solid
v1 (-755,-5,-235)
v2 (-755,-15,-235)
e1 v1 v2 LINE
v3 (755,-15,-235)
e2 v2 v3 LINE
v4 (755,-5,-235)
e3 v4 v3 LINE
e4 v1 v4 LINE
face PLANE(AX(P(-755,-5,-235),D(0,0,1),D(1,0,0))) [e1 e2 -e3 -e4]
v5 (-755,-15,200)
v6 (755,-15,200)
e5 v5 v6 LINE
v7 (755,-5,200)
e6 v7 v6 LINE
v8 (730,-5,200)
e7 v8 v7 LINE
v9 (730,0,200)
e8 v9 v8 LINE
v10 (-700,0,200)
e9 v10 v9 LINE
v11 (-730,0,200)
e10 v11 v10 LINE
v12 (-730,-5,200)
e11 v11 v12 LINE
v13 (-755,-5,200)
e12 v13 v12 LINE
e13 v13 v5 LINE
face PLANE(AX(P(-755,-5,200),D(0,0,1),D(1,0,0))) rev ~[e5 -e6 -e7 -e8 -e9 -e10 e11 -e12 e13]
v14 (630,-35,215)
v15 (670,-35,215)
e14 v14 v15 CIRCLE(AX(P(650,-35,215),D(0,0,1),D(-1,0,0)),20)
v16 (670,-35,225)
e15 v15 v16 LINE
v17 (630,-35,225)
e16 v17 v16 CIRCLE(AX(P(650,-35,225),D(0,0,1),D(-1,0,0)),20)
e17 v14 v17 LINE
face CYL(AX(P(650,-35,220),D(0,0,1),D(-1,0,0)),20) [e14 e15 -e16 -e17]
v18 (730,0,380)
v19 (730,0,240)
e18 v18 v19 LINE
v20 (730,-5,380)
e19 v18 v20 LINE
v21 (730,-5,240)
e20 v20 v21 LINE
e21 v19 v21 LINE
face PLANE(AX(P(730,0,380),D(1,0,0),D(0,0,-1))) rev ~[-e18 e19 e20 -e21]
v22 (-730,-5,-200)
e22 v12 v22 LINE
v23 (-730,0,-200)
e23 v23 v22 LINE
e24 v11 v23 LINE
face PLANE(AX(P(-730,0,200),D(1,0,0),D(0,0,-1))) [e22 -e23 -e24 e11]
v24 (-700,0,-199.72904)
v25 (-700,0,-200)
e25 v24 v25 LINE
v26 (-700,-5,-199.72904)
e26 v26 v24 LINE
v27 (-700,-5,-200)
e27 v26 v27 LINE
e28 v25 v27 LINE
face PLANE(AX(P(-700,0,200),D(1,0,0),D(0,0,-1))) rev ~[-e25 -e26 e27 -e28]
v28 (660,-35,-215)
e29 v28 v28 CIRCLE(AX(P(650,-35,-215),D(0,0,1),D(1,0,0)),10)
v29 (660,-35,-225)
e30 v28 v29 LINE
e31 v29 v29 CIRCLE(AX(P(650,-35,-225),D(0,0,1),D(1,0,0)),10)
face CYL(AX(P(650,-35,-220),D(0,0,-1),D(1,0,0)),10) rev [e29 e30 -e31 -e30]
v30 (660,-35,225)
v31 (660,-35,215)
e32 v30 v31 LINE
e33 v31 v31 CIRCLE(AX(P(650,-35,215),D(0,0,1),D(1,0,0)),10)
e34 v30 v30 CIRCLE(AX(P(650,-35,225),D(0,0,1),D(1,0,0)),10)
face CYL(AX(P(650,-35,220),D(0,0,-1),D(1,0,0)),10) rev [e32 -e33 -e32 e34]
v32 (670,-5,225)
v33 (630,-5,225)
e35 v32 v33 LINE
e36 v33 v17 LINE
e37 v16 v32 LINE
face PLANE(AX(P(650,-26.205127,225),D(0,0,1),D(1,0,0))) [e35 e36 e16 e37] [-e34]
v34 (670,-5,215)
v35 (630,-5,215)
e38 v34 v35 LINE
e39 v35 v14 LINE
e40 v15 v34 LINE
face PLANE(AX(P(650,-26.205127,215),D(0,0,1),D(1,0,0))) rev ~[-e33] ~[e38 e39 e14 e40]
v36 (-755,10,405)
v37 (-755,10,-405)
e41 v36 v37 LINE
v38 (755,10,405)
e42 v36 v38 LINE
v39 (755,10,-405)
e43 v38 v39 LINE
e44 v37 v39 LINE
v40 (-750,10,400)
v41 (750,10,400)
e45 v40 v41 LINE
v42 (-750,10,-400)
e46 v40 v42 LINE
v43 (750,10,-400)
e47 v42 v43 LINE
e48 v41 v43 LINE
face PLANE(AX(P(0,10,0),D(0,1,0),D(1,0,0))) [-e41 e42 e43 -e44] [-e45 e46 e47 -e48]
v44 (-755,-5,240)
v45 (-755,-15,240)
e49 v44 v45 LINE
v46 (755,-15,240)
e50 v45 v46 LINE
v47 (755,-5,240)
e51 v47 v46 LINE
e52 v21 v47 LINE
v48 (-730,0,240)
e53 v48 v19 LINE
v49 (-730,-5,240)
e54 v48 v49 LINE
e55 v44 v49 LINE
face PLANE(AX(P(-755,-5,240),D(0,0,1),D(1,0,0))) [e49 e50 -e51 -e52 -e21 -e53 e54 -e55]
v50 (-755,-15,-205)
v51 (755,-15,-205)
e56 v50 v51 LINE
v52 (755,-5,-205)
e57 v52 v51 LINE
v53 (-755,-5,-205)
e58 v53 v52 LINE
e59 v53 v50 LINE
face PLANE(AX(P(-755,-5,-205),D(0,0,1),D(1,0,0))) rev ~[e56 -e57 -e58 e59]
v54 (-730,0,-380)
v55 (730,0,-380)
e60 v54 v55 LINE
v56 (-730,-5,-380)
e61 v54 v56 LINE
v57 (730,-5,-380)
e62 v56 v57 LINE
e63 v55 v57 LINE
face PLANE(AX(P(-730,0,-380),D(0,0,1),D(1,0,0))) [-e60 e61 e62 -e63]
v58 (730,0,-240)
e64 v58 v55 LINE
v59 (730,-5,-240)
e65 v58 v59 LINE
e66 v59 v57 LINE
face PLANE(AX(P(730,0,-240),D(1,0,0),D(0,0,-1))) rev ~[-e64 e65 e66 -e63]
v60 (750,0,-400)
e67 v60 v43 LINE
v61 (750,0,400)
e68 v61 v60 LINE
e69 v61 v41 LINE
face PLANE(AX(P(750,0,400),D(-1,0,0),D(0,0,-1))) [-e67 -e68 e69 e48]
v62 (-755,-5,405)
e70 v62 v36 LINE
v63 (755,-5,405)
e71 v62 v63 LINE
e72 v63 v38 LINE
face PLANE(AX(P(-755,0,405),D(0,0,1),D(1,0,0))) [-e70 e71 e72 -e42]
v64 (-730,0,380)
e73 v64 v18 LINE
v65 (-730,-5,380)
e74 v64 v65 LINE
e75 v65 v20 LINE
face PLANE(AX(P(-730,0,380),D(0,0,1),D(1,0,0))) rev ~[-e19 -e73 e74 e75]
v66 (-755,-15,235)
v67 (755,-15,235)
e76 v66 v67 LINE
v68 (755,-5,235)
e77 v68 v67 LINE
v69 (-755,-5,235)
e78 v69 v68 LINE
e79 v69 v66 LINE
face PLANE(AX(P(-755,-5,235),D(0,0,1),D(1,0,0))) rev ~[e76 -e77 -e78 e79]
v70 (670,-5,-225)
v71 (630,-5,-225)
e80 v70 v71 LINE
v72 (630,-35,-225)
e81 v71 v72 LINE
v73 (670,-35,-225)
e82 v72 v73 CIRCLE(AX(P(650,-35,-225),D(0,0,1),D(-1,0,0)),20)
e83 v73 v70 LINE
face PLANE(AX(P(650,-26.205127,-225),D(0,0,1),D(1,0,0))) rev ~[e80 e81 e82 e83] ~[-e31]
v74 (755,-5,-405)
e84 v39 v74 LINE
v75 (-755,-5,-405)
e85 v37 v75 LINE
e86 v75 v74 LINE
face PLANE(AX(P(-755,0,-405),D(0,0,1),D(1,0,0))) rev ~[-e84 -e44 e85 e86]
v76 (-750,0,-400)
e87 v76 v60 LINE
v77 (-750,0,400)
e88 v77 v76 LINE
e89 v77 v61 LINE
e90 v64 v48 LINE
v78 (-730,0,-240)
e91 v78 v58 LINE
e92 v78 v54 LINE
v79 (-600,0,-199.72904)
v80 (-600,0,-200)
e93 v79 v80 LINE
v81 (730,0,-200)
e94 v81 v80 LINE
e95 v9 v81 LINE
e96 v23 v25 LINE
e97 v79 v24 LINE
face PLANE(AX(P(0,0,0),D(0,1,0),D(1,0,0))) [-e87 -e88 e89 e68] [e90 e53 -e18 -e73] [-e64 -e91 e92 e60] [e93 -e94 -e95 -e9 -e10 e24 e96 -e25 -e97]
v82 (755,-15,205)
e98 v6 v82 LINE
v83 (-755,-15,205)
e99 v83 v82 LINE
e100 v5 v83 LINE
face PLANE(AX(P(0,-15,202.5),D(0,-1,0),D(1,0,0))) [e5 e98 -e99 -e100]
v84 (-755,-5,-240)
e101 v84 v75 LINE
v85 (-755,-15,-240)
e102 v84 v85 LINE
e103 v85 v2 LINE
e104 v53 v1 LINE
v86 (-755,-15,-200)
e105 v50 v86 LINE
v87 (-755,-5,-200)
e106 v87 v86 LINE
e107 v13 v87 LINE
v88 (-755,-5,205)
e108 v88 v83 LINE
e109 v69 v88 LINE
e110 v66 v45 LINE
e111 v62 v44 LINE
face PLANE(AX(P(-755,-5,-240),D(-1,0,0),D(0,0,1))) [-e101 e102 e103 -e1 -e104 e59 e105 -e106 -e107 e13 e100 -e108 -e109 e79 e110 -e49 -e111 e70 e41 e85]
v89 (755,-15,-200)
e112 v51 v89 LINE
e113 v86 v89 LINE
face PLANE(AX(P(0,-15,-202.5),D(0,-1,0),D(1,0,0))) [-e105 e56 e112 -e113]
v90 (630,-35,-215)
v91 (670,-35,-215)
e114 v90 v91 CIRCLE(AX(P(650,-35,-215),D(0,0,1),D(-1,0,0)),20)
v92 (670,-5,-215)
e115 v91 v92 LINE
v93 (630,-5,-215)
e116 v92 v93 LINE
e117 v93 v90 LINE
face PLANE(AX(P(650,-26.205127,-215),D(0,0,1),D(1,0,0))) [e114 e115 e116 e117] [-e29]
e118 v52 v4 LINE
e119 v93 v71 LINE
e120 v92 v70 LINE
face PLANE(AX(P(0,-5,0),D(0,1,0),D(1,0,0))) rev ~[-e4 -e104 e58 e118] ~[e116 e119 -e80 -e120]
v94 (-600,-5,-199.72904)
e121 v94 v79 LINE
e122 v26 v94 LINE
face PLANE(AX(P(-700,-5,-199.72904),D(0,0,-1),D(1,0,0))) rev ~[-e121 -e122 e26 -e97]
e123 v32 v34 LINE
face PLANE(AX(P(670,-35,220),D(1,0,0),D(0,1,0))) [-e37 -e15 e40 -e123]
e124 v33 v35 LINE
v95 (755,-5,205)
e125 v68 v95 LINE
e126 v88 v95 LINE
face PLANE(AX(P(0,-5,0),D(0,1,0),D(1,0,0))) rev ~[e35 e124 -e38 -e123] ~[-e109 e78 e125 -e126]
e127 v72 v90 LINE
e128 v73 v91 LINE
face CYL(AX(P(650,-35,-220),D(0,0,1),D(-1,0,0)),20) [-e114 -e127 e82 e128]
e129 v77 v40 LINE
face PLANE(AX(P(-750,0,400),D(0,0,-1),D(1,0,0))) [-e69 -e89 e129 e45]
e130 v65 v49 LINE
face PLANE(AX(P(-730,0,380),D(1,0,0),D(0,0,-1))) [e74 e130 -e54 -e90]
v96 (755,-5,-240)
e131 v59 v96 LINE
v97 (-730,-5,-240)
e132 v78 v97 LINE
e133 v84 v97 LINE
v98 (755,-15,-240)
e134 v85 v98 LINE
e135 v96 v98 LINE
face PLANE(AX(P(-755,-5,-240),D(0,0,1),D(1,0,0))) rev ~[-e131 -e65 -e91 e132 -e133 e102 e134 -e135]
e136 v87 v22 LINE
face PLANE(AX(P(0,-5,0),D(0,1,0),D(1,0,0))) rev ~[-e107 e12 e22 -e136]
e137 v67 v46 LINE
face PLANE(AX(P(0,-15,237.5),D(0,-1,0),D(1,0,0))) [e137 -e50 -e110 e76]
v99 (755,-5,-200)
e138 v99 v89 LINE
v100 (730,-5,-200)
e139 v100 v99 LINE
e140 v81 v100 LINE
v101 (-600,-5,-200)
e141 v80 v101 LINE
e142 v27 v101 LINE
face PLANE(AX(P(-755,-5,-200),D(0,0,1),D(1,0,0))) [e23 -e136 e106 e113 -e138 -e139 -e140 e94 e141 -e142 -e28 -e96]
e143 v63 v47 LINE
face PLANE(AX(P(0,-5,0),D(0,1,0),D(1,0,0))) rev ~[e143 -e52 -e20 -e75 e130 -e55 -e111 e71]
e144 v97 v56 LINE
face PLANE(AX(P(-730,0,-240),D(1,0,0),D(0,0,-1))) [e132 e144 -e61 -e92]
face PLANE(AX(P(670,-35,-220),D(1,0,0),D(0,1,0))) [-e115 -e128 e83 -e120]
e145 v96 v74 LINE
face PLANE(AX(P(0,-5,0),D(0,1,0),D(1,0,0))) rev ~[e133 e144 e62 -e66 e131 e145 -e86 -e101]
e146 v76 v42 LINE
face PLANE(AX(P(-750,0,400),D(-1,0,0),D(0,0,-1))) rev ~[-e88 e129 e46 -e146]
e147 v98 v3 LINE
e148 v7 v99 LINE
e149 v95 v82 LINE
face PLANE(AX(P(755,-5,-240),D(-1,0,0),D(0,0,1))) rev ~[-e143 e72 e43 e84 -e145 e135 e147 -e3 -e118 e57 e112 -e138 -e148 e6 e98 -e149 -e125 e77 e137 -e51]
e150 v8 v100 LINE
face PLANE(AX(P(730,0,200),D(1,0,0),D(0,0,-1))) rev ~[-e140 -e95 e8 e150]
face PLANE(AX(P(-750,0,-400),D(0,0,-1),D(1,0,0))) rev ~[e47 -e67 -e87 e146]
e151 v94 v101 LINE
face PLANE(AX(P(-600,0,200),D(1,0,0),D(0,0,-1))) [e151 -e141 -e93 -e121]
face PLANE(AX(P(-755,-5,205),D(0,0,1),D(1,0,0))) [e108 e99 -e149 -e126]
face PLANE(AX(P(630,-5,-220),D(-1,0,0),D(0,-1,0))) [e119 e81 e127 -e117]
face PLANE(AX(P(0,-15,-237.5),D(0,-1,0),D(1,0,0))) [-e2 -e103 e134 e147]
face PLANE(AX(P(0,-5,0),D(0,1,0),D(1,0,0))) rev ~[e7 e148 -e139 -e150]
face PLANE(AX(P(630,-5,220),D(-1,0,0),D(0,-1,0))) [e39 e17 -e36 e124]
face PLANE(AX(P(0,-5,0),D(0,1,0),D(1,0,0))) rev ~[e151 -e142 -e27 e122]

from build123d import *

# Parameters (mm, degrees)
SKETCH2_W                 = 1510
SKETCH2_H                 = 810
SKETCH2_W_2               = 1500
SKETCH2_H_2               = 800
BOSS_EXTRUDE1_DEPTH       = 10
SKETCH3_W                 = 1510
SKETCH3_H                 = 810
SKETCH3_W_2               = 1460
SKETCH3_H_2               = 140
SKETCH3_W_3               = 30
SKETCH3_H_3               = 400
SKETCH3_W_4               = 1200
BOSS_EXTRUDE2_DEPTH       = 5
SKETCH5_W                 = 1510
SKETCH5_H                 = 5
BOSS_EXTRUDE3_DEPTH       = 10
LPATTERN1_COUNT           = 2
LPATTERN1_PITCH           = 35
LPATTERN2_COUNT           = 2
LPATTERN2_PITCH           = 440
LPATTERN2_COPY_1_SKETCH_W = 1510
LPATTERN2_COPY_1_SKETCH_H = 5
LPATTERN2_COPY_1_DEPTH    = 10
SKETCH6_R                 = 10
BOSS_EXTRUDE4_DEPTH       = 5
LPATTERN3_COUNT           = 2
LPATTERN3_PITCH           = 440
SKETCH7_W                 = 100
SKETCH7_H                 = 399.729040111
SKETCH7_H_2               = 400
CUT_EXTRUDE5_DEPTH        = 10


with BuildPart() as part:
    # Sketch2 → Boss-Extrude1 (new body)
    with BuildSketch(Plane(origin=(0, 0, 0), x_dir=(1, 0, 0), z_dir=(0, 1, 0))):
        Rectangle(SKETCH2_W, SKETCH2_H)
        Rectangle(SKETCH2_W_2, SKETCH2_H_2, mode=Mode.SUBTRACT)
    extrude(amount=BOSS_EXTRUDE1_DEPTH)

    # Sketch3 → Boss-Extrude2 (add)
    with BuildSketch(Plane(origin=(0, 0, 0), x_dir=(1, 0, 0), z_dir=(0, 1, 0))):
        Rectangle(SKETCH3_W, SKETCH3_H)
        with Locations((0, -310)):
            Rectangle(SKETCH3_W_2, SKETCH3_H_2, mode=Mode.SUBTRACT)
        with Locations((0, 310)):
            Rectangle(SKETCH3_W_2, SKETCH3_H_2, mode=Mode.SUBTRACT)
        with Locations((-715, 0)):
            Rectangle(SKETCH3_W_3, SKETCH3_H_3, mode=Mode.SUBTRACT)
        with Locations((715, 0)):
            Rectangle(SKETCH3_W_3, SKETCH3_H_3, mode=Mode.SUBTRACT)
        Rectangle(SKETCH3_W_4, SKETCH3_H_3, mode=Mode.SUBTRACT)
    extrude(amount=-BOSS_EXTRUDE2_DEPTH)

    # Sketch5 → Boss-Extrude3 (add)
    with BuildSketch(Plane.XZ.offset(5)):
        with Locations((0, 237.5)):
            Rectangle(SKETCH5_W, SKETCH5_H)
    boss_extrude3 = extrude(amount=BOSS_EXTRUDE3_DEPTH)

    # LPattern1: Boss-Extrude3 ×2
    with Locations(*[(0, 0, -i * LPATTERN1_PITCH) for i in range(1, LPATTERN1_COUNT)]):
        add(boss_extrude3)

    # LPattern2: Boss-Extrude3 ×2
    with Locations(*[(0, 0, -i * LPATTERN2_PITCH) for i in range(1, LPATTERN2_COUNT)]):
        add(boss_extrude3)

    # LPattern2 copy 1 sketch → LPattern2 copy 1 (add)
    with BuildSketch(Plane(origin=(0, -5, -475), x_dir=(1, 0, 0), z_dir=(0, -1, 0))):
        with Locations((0, 237.5)):
            Rectangle(LPATTERN2_COPY_1_SKETCH_W, LPATTERN2_COPY_1_SKETCH_H)
    extrude(amount=LPATTERN2_COPY_1_DEPTH)

    # Sketch6 → Boss-Extrude4 (add, symmetric)
    with BuildSketch(Plane.XY.offset(220)):
        with BuildLine():
            Line((630, -5), (630, -35))
            ThreePointArc((630, -35), (650, -55), (670, -35))
            Line((670, -35), (670, -5))
            Line((670, -5), (630, -5))
        make_face()
        with Locations((650, -35)):
            Circle(SKETCH6_R, mode=Mode.SUBTRACT)
    boss_extrude4 = extrude(amount=BOSS_EXTRUDE4_DEPTH, both=True)

    # LPattern3: Boss-Extrude4 ×2
    with Locations(*[(0, 0, -i * LPATTERN3_PITCH) for i in range(1, LPATTERN3_COUNT)]):
        add(boss_extrude4)

    # Sketch7 → Cut-Extrude5 (cut)
    with BuildSketch(Plane.XZ.offset(5)):
        with Locations((-650, 0.135479944)):
            Rectangle(SKETCH7_W, SKETCH7_H)
        with Locations((650, 0)):
            Rectangle(SKETCH7_W, SKETCH7_H_2)
    extrude(amount=-CUT_EXTRUDE5_DEPTH, mode=Mode.SUBTRACT)


solid = part.part
